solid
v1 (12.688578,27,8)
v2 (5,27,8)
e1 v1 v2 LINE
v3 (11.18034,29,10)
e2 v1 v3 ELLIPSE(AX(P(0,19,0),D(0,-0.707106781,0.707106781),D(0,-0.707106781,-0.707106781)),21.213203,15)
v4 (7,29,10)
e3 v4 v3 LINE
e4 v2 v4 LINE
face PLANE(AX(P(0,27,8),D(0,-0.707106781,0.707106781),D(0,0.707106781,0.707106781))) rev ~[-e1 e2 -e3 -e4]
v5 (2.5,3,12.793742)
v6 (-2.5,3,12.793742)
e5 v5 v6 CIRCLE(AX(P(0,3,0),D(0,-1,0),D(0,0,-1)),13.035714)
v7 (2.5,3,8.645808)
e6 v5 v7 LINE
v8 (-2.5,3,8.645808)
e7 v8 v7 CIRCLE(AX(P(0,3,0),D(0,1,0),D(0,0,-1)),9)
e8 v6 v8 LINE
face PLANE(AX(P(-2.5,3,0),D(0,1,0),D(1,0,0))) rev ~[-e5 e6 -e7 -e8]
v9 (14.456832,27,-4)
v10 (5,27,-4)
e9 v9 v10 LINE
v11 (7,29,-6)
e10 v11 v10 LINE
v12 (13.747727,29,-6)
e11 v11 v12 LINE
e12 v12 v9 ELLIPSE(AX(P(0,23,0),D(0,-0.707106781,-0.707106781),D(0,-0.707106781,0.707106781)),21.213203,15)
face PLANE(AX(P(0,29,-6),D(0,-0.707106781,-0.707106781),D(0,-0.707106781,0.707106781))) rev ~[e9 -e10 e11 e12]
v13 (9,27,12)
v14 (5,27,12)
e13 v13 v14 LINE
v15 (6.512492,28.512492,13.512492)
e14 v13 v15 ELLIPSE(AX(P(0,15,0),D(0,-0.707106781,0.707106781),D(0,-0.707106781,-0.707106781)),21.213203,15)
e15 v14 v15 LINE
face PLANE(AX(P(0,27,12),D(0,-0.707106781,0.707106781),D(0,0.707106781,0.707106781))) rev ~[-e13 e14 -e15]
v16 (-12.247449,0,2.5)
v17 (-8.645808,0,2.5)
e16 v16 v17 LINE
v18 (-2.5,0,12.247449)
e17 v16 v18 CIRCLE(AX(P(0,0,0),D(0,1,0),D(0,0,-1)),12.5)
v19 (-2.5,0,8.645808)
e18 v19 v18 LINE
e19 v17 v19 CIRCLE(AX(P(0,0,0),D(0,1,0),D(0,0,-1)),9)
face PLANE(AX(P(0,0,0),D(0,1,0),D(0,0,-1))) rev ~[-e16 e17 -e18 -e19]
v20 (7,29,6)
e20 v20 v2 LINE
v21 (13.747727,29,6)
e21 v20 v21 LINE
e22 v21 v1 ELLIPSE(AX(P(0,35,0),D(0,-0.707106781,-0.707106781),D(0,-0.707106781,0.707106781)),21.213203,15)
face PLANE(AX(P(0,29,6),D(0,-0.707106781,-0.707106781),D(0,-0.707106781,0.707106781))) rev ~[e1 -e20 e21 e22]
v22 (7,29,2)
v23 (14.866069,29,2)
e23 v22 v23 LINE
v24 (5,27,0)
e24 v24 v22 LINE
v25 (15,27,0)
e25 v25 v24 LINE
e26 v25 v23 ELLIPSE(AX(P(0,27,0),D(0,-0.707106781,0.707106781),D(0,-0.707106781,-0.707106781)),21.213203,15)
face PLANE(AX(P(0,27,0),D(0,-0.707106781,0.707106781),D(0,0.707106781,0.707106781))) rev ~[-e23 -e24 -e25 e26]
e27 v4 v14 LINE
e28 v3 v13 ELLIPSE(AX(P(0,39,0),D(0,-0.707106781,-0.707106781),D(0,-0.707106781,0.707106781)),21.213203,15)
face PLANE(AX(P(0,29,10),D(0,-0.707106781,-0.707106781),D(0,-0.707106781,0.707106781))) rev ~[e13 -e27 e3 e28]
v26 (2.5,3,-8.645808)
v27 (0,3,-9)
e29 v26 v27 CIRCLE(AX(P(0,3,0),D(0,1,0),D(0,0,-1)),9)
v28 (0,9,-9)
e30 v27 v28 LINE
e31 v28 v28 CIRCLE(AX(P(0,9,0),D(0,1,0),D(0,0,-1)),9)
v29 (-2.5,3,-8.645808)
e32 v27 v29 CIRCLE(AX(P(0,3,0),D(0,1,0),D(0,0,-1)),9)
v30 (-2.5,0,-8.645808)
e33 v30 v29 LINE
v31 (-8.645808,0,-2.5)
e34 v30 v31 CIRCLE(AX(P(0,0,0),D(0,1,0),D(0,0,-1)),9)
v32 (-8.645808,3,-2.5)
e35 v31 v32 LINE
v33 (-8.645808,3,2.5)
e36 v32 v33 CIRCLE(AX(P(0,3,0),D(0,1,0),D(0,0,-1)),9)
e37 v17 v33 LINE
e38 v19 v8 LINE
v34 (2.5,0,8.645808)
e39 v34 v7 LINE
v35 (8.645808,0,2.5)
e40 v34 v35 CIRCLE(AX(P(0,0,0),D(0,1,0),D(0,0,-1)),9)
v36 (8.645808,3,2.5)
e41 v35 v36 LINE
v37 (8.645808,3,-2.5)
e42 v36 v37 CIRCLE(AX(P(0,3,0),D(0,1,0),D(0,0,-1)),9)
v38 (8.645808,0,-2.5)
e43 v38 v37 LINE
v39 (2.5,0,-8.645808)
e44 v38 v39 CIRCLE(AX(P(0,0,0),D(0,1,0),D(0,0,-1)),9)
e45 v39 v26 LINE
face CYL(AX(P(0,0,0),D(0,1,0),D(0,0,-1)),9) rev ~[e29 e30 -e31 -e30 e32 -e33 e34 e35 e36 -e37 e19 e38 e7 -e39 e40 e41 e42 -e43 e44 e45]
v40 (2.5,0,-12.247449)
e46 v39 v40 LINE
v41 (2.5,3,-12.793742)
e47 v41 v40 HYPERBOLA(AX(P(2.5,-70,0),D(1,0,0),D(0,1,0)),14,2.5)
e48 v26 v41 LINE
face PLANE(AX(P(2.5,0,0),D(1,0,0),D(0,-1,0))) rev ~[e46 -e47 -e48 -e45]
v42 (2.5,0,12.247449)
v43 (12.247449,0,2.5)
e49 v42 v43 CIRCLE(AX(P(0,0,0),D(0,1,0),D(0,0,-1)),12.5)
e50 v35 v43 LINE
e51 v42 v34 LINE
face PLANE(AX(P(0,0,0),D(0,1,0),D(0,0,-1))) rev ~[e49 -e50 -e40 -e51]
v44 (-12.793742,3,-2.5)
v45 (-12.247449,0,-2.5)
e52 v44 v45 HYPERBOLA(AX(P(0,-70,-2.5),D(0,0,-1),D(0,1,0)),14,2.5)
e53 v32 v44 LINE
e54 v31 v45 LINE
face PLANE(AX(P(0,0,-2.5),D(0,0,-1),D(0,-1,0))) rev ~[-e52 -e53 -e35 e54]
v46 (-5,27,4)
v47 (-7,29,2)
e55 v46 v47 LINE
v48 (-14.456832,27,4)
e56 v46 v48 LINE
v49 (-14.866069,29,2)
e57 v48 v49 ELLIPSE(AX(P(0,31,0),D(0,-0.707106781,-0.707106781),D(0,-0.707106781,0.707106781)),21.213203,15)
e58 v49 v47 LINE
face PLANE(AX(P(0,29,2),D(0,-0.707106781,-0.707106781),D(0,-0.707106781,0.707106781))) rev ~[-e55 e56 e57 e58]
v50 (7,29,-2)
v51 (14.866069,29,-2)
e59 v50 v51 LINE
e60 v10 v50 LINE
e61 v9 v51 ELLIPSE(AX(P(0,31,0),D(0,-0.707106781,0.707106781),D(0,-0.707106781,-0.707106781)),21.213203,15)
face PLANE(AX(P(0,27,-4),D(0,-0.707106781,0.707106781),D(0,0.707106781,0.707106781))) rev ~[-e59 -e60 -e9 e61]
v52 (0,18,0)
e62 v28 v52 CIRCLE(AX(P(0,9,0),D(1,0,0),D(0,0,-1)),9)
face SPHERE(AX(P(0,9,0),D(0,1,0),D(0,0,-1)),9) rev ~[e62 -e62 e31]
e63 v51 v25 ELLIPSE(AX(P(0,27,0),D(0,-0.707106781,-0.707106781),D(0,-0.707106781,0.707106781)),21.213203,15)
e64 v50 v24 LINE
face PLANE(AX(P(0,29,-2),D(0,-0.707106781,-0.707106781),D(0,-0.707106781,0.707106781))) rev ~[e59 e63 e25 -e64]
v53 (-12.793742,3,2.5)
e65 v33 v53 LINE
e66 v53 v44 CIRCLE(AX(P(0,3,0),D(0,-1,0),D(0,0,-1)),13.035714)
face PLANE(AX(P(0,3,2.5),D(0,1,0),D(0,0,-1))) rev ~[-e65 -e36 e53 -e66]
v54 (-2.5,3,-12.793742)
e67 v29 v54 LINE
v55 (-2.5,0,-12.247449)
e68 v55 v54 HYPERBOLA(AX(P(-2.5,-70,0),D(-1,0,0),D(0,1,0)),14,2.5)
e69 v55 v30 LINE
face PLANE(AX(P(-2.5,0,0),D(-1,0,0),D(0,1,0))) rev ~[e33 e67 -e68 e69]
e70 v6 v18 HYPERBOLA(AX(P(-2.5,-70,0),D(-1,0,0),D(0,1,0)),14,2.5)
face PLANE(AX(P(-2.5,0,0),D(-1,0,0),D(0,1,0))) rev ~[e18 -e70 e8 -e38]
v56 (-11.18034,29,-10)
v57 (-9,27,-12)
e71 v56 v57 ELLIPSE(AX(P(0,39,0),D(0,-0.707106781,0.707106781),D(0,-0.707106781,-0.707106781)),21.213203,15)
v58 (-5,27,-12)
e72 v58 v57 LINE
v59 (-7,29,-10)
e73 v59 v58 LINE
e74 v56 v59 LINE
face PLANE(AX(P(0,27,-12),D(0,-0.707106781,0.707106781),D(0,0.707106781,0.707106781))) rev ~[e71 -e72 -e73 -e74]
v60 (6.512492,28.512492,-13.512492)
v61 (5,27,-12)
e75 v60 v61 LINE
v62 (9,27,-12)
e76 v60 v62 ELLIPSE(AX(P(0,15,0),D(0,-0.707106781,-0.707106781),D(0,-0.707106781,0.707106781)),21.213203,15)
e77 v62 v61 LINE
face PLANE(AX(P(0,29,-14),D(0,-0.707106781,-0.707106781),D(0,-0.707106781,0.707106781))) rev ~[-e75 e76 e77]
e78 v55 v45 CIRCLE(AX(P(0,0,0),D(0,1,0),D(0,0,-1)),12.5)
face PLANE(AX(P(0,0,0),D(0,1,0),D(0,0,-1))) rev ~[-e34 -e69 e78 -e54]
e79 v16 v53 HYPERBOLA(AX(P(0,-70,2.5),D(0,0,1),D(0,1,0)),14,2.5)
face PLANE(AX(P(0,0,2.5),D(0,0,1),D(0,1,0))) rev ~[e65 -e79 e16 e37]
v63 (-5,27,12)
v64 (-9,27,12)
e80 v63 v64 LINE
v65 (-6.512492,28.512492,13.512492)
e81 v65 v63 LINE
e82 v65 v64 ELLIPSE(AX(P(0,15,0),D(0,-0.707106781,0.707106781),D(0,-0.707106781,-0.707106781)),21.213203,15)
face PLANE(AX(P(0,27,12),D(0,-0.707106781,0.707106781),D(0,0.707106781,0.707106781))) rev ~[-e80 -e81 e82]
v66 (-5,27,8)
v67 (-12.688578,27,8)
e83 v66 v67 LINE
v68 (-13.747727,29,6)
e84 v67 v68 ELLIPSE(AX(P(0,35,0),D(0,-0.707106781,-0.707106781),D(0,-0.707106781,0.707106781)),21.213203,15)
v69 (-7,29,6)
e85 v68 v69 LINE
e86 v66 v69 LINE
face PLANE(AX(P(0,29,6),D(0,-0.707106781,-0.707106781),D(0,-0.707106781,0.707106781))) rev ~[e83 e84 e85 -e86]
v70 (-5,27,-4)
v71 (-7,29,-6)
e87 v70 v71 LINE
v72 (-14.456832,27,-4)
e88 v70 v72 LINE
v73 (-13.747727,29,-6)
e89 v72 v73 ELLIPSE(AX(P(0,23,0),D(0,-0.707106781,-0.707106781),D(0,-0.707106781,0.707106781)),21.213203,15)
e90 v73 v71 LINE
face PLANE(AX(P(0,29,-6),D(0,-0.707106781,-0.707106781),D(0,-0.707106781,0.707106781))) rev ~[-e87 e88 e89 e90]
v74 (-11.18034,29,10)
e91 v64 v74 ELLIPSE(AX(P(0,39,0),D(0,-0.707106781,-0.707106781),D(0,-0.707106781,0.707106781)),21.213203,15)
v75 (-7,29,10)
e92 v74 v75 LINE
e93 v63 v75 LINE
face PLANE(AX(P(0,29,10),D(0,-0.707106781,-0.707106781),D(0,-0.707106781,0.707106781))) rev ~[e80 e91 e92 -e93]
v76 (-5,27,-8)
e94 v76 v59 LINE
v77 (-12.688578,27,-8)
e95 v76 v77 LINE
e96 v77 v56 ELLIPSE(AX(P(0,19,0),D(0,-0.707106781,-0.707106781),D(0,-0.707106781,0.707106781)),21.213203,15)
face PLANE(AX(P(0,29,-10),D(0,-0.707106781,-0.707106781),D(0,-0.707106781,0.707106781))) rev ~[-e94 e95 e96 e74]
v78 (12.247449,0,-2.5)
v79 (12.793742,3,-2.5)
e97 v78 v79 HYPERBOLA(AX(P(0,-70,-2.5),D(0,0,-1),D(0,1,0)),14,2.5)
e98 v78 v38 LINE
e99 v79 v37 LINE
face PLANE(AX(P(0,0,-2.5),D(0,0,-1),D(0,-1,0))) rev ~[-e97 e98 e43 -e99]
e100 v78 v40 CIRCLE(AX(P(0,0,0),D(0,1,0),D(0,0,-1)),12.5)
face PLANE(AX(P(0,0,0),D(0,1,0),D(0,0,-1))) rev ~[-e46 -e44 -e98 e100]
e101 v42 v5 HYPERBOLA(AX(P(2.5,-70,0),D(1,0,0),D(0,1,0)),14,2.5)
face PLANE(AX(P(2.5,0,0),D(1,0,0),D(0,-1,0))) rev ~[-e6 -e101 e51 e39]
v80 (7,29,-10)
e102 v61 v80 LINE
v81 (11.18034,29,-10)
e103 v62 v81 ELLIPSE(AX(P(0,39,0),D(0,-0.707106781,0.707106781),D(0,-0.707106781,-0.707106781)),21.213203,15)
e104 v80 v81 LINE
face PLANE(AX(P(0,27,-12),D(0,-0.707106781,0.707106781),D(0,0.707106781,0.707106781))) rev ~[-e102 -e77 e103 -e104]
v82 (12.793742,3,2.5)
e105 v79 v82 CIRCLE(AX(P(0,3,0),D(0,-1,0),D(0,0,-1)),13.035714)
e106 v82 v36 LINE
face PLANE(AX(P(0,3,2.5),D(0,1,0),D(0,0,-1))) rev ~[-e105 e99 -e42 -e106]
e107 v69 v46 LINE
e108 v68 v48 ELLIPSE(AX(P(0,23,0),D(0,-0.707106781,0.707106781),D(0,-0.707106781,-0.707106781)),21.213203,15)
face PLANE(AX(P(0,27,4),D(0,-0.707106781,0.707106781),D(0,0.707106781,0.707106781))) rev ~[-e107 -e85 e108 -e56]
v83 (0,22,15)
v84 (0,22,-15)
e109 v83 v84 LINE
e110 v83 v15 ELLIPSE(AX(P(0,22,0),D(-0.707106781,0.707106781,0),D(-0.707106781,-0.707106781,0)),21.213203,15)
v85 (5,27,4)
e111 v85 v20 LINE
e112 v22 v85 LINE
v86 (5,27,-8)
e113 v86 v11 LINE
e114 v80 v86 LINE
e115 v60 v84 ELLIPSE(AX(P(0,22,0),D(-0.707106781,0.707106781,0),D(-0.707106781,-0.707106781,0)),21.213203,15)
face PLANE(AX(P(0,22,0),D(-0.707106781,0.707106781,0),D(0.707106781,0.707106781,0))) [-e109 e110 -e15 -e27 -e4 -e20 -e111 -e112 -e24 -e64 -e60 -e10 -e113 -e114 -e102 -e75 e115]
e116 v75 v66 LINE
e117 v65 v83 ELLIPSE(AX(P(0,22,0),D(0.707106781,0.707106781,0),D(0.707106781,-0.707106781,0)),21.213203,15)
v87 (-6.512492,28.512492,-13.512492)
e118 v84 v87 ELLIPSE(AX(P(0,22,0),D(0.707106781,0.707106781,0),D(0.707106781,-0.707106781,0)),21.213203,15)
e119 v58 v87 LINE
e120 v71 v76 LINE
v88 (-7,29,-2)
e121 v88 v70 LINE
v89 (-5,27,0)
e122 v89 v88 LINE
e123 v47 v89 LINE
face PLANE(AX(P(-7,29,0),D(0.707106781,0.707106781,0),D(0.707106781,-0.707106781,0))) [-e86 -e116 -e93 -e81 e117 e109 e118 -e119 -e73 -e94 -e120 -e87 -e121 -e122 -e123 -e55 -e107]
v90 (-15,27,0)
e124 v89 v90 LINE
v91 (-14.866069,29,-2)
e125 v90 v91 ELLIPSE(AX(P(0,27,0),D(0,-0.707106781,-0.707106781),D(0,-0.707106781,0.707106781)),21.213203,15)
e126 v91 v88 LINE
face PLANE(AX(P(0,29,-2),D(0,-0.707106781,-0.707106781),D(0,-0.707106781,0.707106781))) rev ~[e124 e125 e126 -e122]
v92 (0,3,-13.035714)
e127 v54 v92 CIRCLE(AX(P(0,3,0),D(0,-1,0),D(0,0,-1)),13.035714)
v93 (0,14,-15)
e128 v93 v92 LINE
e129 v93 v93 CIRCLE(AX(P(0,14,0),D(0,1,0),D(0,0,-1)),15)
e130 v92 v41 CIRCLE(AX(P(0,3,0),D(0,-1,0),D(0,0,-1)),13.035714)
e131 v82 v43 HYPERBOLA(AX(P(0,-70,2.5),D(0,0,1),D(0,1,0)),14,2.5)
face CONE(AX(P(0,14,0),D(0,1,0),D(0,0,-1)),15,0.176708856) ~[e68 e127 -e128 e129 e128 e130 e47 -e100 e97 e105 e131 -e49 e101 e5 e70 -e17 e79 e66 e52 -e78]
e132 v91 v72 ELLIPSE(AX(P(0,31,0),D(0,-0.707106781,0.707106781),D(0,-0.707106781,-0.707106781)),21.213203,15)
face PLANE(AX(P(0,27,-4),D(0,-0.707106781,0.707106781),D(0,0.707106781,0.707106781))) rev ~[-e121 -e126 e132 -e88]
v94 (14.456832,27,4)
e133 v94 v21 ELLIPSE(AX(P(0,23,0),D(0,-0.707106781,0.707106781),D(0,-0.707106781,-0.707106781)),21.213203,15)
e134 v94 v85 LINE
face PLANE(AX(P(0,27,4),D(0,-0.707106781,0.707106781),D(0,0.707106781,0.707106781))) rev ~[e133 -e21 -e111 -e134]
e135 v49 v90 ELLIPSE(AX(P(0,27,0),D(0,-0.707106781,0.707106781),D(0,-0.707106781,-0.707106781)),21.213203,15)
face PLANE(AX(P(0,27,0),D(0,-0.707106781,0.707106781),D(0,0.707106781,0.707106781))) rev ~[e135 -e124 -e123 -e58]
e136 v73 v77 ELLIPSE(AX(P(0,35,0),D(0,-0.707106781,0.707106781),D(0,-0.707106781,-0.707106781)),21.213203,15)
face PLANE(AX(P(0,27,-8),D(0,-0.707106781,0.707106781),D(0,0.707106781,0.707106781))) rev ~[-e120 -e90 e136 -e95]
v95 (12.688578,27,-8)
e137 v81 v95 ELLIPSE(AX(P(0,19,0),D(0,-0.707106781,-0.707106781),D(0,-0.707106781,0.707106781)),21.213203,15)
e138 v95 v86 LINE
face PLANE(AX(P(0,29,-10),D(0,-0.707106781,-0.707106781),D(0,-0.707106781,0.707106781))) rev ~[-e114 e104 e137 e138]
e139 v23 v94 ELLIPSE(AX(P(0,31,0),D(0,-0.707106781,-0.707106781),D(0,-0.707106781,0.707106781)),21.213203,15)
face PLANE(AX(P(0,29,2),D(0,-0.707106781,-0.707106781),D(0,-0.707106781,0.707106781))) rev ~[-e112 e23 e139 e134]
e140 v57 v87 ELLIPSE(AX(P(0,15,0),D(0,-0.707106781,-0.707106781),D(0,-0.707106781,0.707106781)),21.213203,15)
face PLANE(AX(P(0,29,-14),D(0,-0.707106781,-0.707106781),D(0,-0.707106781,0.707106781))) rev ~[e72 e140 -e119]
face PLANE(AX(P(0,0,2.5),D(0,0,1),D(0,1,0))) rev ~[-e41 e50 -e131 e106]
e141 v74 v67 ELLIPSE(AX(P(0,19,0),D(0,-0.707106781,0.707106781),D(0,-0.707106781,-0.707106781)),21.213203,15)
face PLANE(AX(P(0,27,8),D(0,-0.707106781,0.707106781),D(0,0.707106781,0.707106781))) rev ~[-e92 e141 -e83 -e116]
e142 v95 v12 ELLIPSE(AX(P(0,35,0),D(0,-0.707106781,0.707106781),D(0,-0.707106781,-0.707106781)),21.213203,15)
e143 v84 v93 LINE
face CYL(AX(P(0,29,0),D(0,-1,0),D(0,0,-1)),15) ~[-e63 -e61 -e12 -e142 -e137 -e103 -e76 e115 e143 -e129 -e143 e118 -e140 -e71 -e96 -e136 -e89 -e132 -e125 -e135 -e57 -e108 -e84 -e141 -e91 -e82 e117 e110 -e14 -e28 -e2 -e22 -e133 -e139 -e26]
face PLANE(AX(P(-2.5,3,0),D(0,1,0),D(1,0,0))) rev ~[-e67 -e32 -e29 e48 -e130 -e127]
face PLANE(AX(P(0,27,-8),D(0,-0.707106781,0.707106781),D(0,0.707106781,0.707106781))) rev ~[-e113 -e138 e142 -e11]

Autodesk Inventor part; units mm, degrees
ref_plane "YZ Plane" through (0, 0, 0) normal (1, 0, 0) x (0, 1, 0)
ref_plane "XZ Plane" through (0, 0, 0) normal (0, 1, 0) x (-1, 0, 0)
ref_plane "XY Plane" through (0, 0, 0) normal (0, 0, 1) x (1, 0, 0)
sketch "Esboço1" plane through (0, 0, 0) normal (1, 0, 0) x (0, 1, 0)
  line L0 (0, 0) -> (29, 0)
  line L1 (29, 0) -> (29, -15)
  line L2 (29, -15) -> (14, -15)
  line L3 (14, -15) -> (0, -12.5)
  line L4 (0, -12.5) -> (0, -9)
  line L5 (0, -9) -> (9.7213, -9)
  arc A0 (9, -9) -> (18, 0) centre (9, 0) ccw
  point P0 (4.8606, -9)
  dimension "d0" = 15
  dimension "d1" = 12.5
  dimension "d2" = 15
  dimension "d3" = 29
  dimension "d5" = 9
  dimension "d7" = 9
revolve "Revolução1" add sketch "Esboço1" angle 360 about axis through (0, 0, 0) along (0, 1, 0)
sketch "Esboço2" plane through (0, 0, 0) normal (0, 0, 1) x (1, 0, 0)
  line L0 (0, 0) -> (0, 39.2335)
  line L1 (-2.5, 3) -> (2.5, 3)
  line L2 (2.5, 3) -> (2.5, -0.6056)
  line L3 (2.5, -0.6056) -> (-2.5, -0.6056)
  line L4 (-2.5, -0.6056) -> (-2.5, 3)
  line L5 (12.5, 0) -> (-12.5, 0) projected
  dimension "d9" = 5
  dimension "d10" = 2.5
  dimension "d11" = 3
extrude "Extrusão1" cut sketch "Esboço2" along normal through all both and the other way through all
pattern_circular "Padrão circular1" count 4 over 360 about axis through (0, 21.5, 0) along (0, 1, 0) of "Extrusão1"
sketch "Esboço3" plane through (0, 0, 0) normal (0, 0, 1) x (1, 0, 0)
  line L0 (15, 29) -> (-15, 29) projected
  line L1 (-7, 29) -> (0, 22)
  line L2 (0, 22) -> (7, 29)
  line L3 (-7, 29) -> (7, 29)
  line L4 (0, 29) -> (0, 9.5937)
  line L5 (2.5, 0) -> (2.5, 3) projected
  point P0 (0, 0)
  dimension "d17" = 45
  dimension "d19" = 2.5
  dimension "d20" = 7
extrude "Extrusão2" cut sketch "Esboço3" along normal through all both and the other way through all
sketch "Esboço4" plane through (0, 0, 0) normal (1, 0, 0) x (0, 1, 0)
  line L0 (29, -13.2665) -> (29, 13.2665) projected
  line L1 (29, -2) -> (27, 0)
  line L2 (27, 0) -> (29, 2)
  line L3 (29, -2) -> (29, 2)
  line L4 (3, -2.5) -> (3, 2.5) projected
  line L5 (3, 0) -> (30.8136, 0)
  point P0 (0, 0)
  dimension "d23" = 2
  dimension "d24" = 45
  dimension "d25" = 45
extrude "Extrusão3" cut sketch "Esboço4" along normal through all both and the other way through all
pattern_linear "Padrão retangular1" count 4 spacing 4 along (0, 0, 1) of "Extrusão3"
pattern_linear "Padrão retangular2" count 4 spacing 4 along (0, 0, -1) of "Extrusão3"
properties part number "CHAPEU" material "Latão, amarelo macio"
